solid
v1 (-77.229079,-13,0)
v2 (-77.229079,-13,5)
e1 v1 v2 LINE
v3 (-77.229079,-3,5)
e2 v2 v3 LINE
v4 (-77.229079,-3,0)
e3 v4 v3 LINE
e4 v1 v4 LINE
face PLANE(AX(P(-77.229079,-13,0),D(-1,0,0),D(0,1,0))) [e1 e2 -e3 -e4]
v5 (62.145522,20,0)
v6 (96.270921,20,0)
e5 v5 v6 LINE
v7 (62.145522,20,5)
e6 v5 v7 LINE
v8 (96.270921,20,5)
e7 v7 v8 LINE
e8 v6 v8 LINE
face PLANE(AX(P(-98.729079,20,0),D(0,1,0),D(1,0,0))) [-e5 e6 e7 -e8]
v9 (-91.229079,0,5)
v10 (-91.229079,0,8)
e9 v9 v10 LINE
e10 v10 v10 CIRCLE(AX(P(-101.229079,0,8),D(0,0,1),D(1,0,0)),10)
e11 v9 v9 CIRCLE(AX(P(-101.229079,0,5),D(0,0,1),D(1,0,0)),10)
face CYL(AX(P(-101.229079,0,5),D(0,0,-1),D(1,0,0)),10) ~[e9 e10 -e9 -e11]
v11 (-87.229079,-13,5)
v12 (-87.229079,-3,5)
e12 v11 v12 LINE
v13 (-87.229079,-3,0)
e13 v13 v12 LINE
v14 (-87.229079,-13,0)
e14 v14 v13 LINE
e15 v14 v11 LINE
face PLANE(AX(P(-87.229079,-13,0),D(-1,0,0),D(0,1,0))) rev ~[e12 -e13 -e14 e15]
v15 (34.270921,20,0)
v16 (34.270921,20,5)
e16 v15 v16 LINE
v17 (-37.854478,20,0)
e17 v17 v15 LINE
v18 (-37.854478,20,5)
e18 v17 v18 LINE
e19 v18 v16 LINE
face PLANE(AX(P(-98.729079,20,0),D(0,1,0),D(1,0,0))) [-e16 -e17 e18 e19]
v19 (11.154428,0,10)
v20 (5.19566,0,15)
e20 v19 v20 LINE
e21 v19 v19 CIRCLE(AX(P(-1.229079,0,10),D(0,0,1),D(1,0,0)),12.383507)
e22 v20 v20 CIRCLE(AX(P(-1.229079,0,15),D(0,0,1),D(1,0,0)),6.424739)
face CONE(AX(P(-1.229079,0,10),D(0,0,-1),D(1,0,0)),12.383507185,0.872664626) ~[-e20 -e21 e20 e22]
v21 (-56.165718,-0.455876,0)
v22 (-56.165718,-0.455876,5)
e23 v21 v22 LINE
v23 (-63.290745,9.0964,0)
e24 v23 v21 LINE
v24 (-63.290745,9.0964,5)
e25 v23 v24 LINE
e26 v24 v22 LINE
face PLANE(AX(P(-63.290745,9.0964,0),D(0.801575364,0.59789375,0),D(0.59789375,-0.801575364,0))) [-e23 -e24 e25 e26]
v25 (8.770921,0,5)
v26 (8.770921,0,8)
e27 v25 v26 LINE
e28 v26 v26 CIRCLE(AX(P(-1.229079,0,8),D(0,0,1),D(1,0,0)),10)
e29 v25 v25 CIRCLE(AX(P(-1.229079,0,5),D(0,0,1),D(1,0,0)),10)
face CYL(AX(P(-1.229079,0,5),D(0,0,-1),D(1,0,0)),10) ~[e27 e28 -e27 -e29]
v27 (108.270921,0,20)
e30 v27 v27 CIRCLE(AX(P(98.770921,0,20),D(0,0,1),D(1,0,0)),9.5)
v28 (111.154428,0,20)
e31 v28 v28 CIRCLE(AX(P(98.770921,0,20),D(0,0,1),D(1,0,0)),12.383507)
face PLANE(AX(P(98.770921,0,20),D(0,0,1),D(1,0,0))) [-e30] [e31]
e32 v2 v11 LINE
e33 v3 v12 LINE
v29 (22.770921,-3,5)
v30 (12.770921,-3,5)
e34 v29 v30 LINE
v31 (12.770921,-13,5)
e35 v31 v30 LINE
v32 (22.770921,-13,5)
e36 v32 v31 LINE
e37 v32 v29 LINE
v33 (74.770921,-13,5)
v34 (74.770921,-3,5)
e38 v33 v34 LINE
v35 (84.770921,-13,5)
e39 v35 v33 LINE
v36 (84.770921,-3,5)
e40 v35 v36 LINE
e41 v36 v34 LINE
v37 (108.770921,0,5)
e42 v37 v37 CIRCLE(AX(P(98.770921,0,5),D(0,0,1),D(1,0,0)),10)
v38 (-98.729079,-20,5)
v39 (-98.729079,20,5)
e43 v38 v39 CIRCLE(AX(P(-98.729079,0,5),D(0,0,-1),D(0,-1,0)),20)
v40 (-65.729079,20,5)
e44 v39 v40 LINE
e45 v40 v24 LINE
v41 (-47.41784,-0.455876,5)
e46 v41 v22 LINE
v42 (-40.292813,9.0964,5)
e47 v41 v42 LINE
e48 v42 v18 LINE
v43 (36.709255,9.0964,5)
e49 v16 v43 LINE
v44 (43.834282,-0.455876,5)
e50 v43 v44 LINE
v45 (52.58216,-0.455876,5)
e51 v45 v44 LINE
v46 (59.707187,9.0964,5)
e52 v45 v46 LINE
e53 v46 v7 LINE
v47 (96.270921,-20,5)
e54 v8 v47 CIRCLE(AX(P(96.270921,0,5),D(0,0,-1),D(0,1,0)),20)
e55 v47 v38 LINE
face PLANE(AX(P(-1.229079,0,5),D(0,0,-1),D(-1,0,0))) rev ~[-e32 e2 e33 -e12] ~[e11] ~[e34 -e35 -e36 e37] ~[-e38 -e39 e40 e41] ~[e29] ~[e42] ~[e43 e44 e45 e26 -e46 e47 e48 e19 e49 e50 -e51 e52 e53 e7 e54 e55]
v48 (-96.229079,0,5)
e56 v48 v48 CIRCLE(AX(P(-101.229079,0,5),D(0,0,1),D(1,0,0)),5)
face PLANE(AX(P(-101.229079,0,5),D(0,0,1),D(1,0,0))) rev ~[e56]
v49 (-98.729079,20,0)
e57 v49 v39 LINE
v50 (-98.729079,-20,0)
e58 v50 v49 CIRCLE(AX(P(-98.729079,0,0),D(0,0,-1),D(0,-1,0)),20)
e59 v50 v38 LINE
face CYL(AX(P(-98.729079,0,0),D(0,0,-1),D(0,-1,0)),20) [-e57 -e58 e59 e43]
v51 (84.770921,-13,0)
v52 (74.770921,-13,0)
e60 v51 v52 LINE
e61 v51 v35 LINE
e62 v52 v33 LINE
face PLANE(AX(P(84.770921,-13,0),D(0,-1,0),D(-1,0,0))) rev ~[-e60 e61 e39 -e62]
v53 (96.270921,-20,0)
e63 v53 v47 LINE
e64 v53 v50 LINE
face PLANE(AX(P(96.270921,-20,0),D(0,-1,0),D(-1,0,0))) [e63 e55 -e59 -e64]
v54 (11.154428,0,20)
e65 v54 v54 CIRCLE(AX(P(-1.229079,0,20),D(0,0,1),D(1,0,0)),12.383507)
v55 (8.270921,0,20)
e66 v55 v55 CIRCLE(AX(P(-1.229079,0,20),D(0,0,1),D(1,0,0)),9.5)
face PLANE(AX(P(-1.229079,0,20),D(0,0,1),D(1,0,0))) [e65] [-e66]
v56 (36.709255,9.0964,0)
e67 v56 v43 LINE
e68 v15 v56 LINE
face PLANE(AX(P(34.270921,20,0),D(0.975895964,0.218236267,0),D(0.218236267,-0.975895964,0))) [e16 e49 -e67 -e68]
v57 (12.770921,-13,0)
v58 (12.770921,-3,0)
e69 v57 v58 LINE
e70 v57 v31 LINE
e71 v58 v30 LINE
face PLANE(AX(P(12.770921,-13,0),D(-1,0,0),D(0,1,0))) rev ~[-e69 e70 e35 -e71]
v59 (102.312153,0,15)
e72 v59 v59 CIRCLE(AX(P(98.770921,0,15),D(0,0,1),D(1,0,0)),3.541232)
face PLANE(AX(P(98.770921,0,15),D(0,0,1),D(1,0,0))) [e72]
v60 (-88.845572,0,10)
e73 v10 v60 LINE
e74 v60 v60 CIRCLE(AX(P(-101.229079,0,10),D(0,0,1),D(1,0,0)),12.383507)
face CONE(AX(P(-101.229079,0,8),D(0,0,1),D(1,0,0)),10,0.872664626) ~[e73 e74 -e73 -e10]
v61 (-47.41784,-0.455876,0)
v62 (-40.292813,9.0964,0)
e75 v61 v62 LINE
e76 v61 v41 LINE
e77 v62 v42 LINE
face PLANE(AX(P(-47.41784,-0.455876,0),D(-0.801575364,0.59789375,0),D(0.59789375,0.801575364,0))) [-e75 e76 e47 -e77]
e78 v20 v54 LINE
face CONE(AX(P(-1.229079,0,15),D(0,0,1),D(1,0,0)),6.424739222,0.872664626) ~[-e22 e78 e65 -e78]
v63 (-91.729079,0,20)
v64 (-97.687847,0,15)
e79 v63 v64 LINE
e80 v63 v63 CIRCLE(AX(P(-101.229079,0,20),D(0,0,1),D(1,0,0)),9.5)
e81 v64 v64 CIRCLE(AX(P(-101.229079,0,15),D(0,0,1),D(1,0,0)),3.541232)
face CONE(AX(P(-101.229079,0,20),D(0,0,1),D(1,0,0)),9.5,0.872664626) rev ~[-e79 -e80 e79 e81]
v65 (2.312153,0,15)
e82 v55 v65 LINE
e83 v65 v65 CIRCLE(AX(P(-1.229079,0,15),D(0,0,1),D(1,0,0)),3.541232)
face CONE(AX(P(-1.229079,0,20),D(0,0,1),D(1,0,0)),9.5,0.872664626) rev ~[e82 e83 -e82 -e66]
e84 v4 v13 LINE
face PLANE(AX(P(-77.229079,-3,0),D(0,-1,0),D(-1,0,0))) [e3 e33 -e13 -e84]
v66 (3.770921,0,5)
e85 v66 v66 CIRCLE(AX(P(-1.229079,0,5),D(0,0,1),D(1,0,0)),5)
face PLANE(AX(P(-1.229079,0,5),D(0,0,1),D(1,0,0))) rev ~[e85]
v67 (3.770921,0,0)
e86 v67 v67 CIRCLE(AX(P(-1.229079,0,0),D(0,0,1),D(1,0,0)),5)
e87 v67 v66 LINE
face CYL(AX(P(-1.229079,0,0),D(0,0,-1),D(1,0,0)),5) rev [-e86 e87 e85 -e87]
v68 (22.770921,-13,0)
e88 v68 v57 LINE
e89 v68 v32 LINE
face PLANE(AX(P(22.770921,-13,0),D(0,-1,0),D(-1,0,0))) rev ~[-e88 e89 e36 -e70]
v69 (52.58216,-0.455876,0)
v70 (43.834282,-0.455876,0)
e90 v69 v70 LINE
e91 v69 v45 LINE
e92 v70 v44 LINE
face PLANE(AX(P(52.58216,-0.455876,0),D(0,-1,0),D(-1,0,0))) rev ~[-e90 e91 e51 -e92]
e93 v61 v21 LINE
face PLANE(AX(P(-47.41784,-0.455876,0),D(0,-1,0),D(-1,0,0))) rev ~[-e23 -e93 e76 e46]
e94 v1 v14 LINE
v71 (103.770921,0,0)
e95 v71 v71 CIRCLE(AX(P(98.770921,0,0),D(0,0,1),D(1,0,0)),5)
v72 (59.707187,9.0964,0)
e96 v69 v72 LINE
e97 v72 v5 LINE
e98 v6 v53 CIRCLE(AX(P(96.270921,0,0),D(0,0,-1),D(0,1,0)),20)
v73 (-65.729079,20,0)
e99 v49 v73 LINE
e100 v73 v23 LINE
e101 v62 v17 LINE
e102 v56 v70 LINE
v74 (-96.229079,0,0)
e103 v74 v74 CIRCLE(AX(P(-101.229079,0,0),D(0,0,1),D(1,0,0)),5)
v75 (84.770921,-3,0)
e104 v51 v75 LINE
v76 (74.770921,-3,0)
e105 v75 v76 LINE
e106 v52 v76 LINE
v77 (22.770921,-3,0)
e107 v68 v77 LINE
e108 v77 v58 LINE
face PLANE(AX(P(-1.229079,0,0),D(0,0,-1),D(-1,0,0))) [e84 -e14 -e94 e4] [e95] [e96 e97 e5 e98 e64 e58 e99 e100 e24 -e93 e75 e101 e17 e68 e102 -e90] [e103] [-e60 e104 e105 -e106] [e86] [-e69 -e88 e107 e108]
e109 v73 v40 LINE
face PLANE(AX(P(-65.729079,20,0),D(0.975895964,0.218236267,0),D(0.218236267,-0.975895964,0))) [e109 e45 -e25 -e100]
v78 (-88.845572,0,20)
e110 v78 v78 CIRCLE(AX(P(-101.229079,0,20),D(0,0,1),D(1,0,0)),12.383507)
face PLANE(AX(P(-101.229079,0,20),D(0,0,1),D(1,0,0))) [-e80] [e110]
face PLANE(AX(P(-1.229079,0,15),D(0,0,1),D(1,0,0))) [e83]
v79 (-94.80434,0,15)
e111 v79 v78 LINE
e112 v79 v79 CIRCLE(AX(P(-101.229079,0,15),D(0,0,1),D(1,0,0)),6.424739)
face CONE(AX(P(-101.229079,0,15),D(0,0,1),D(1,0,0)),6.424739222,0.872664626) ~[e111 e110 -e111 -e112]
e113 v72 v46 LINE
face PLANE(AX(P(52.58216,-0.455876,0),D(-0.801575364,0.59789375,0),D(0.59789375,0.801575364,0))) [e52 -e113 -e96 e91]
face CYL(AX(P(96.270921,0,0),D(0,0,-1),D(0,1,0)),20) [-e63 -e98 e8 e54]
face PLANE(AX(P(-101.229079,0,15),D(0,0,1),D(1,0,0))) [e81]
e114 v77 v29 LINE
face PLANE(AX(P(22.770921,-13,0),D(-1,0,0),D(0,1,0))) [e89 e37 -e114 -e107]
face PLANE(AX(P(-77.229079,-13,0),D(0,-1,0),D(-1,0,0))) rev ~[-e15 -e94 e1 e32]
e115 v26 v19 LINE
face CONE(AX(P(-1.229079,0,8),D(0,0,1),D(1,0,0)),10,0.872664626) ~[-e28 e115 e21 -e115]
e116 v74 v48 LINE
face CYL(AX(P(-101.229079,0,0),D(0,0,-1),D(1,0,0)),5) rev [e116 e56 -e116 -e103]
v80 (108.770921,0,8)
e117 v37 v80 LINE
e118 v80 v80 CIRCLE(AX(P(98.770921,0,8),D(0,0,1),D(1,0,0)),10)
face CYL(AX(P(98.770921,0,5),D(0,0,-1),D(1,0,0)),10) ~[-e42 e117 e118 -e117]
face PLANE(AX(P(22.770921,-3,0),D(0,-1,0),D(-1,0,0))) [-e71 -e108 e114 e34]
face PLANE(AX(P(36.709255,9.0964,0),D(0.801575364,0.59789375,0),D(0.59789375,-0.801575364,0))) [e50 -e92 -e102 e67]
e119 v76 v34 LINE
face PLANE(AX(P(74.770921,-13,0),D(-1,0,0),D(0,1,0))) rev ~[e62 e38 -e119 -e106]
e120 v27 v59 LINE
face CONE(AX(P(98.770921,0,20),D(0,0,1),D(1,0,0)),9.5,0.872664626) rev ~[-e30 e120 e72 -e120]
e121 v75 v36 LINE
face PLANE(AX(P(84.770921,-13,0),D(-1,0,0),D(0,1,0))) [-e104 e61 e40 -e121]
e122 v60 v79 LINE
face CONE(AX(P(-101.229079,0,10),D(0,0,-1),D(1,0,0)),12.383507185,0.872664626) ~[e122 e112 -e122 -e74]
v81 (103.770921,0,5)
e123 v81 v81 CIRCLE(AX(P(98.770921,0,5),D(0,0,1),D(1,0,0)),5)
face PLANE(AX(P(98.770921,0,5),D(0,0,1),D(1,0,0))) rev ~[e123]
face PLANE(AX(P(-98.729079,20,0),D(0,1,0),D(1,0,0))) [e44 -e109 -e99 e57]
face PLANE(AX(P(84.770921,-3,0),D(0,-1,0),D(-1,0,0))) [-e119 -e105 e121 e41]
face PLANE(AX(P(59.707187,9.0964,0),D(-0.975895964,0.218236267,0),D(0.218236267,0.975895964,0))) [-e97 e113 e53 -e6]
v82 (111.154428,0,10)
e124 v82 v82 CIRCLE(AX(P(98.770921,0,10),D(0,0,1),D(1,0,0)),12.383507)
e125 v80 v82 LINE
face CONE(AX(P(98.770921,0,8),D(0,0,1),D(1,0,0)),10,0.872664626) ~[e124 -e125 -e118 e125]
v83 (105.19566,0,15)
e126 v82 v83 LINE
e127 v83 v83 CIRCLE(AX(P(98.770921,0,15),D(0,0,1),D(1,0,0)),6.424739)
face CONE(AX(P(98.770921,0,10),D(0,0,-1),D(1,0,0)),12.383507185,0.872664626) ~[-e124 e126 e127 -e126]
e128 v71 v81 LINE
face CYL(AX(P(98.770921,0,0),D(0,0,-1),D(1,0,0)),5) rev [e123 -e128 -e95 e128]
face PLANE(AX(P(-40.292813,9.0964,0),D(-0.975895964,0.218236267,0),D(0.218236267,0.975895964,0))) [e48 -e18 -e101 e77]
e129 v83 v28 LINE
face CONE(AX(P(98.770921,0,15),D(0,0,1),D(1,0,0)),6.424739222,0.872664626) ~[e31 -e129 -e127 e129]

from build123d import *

# Parameters (mm, degrees)
ESQUISSE1_R                       = 5
BOSS_EXTRU_1_DEPTH                = 5
ESQUISSE2_R                       = 10
BOSS_EXTRU_2_DEPTH                = 3
ESQUISSE3_R                       = 10
BOSS_EXTRU_3_DEPTH                = 2
BOSS_EXTRU_3_DRAFT                = -50
BOSS_EXTRU_3_PROFILE_2_DEPTH      = 2
BOSS_EXTRU_3_PROFILE_2_DRAFT      = -50
BOSS_EXTRU_3_PROFILE_3_DEPTH      = 2
BOSS_EXTRU_3_PROFILE_3_DRAFT      = -50
ESQUISSE4_R                       = 12.383507185
BOSS_EXTRU_4_DEPTH                = 5
BOSS_EXTRU_4_DRAFT                = 50
BOSS_EXTRU_4_PROFILE_2_DEPTH      = 5
BOSS_EXTRU_4_PROFILE_2_DRAFT      = 50
BOSS_EXTRU_4_PROFILE_3_DEPTH      = 5
BOSS_EXTRU_4_PROFILE_3_DRAFT      = 50
ESQUISSE5_R                       = 6.424739222
BOSS_EXTRU_5_DEPTH                = 5
BOSS_EXTRU_5_DRAFT                = -50
BOSS_EXTRU_5_PROFILE_2_DEPTH      = 5
BOSS_EXTRU_5_PROFILE_2_DRAFT      = -50
BOSS_EXTRU_5_PROFILE_3_DEPTH      = 5
BOSS_EXTRU_5_PROFILE_3_DRAFT      = -50
ESQUISSE6_R                       = 9.5
ENL_V_MAT_EXTRU_1_DEPTH           = 5
ENL_V_MAT_EXTRU_1_DRAFT           = -50
ENL_V_MAT_EXTRU_1_PROFILE_2_DEPTH = 5
ENL_V_MAT_EXTRU_1_PROFILE_2_DRAFT = -50
ENL_V_MAT_EXTRU_1_PROFILE_3_DEPTH = 5
ENL_V_MAT_EXTRU_1_PROFILE_3_DRAFT = -50
ESQUISSE7_W                       = 10
ESQUISSE7_H                       = 10
ENL_V_MAT_EXTRU_2_DEPTH           = 10


with BuildPart() as part:
    # Esquisse1 → Boss.-Extru.1 (new body)
    with BuildSketch(Plane.XY):
        with BuildLine():
            Line((-98.729079498, 20), (96.270920502, 20))
            ThreePointArc((96.270920502, 20), (116.270920502, 0), (96.270920502, -20))
            Line((96.270920502, -20), (-98.729079498, -20))
            ThreePointArc((-98.729079498, -20), (-118.729079498, 0), (-98.729079498, 20))
        make_face()
        with Locations((-101.229079498, 0)):
            Circle(ESQUISSE1_R, mode=Mode.SUBTRACT)
        with Locations((-1.229079498, 0)):
            Circle(ESQUISSE1_R, mode=Mode.SUBTRACT)
        with Locations((98.770920502, 0)):
            Circle(ESQUISSE1_R, mode=Mode.SUBTRACT)
    extrude(amount=BOSS_EXTRU_1_DEPTH)

    # Esquisse2 → Boss.-Extru.2 (add)
    with BuildSketch(Plane.XY.offset(5)):
        with Locations((-101.229079498, 0)):
            Circle(ESQUISSE2_R)
        with Locations((-1.229079498, 0)):
            Circle(ESQUISSE2_R)
        with Locations((98.770920502, 0)):
            Circle(ESQUISSE2_R)
    extrude(amount=BOSS_EXTRU_2_DEPTH)


with BuildPart() as boss_extru_3_tool:
    # Esquisse3 → Boss.-Extru.3 (with draft: the straight prism first)
    with BuildSketch(Plane.XY.offset(8)):
        with Locations((-101.229079498, 0)):
            Circle(ESQUISSE3_R)
    extrude(amount=BOSS_EXTRU_3_DEPTH)
    # Boss.-Extru.3: the draft: its side faces are tilted about the plane it starts from
    boss_extru_3_sides = [boss_extru_3_tool.faces().sort_by_distance(p)[0] for p in [
        (-111.229079498, 0, 9),
    ]]
    draft(boss_extru_3_sides, Plane.XY.offset(8), BOSS_EXTRU_3_DRAFT)


with BuildPart() as part_1:
    add(part.part)

    # Boss.-Extru.3: add boss_extru_3_tool
    add(boss_extru_3_tool.part)


with BuildPart() as boss_extru_3_profile_2_tool:
    # Esquisse3 → Boss.-Extru.3 profile 2 (with draft: the straight prism first)
    with BuildSketch(Plane.XY.offset(8)):
        with Locations((-1.229079498, 0)):
            Circle(ESQUISSE3_R)
    extrude(amount=BOSS_EXTRU_3_PROFILE_2_DEPTH)
    # Boss.-Extru.3 profile 2: the draft: its side faces are tilted about the plane it starts from
    boss_extru_3_profile_2_sides = [boss_extru_3_profile_2_tool.faces().sort_by_distance(p)[0] for p in [
        (-11.229079498, 0, 9),
    ]]
    draft(boss_extru_3_profile_2_sides, Plane.XY.offset(8), BOSS_EXTRU_3_PROFILE_2_DRAFT)


with BuildPart() as part_2:
    add(part_1.part)

    # Boss.-Extru.3 profile 2: add boss_extru_3_profile_2_tool
    add(boss_extru_3_profile_2_tool.part)


with BuildPart() as boss_extru_3_profile_3_tool:
    # Esquisse3 → Boss.-Extru.3 profile 3 (with draft: the straight prism first)
    with BuildSketch(Plane.XY.offset(8)):
        with Locations((98.770920502, 0)):
            Circle(ESQUISSE3_R)
    extrude(amount=BOSS_EXTRU_3_PROFILE_3_DEPTH)
    # Boss.-Extru.3 profile 3: the draft: its side faces are tilted about the plane it starts from
    boss_extru_3_profile_3_sides = [boss_extru_3_profile_3_tool.faces().sort_by_distance(p)[0] for p in [
        (88.770920502, 0, 9),
    ]]
    draft(boss_extru_3_profile_3_sides, Plane.XY.offset(8), BOSS_EXTRU_3_PROFILE_3_DRAFT)


with BuildPart() as part_3:
    add(part_2.part)

    # Boss.-Extru.3 profile 3: add boss_extru_3_profile_3_tool
    add(boss_extru_3_profile_3_tool.part)


with BuildPart() as boss_extru_4_tool:
    # Esquisse4 → Boss.-Extru.4 (with draft: the straight prism first)
    with BuildSketch(Plane.XY.offset(10)):
        with Locations((-101.229079498, 0)):
            Circle(ESQUISSE4_R)
    extrude(amount=BOSS_EXTRU_4_DEPTH)
    # Boss.-Extru.4: the draft: its side faces are tilted about the plane it starts from
    boss_extru_4_sides = [boss_extru_4_tool.faces().sort_by_distance(p)[0] for p in [
        (-113.612586683, 0, 12.5),
    ]]
    draft(boss_extru_4_sides, Plane.XY.offset(10), BOSS_EXTRU_4_DRAFT)


with BuildPart() as part_4:
    add(part_3.part)

    # Boss.-Extru.4: add boss_extru_4_tool
    add(boss_extru_4_tool.part)


with BuildPart() as boss_extru_4_profile_2_tool:
    # Esquisse4 → Boss.-Extru.4 profile 2 (with draft: the straight prism first)
    with BuildSketch(Plane.XY.offset(10)):
        with Locations((-1.229079498, 0)):
            Circle(ESQUISSE4_R)
    extrude(amount=BOSS_EXTRU_4_PROFILE_2_DEPTH)
    # Boss.-Extru.4 profile 2: the draft: its side faces are tilted about the plane it starts from
    boss_extru_4_profile_2_sides = [boss_extru_4_profile_2_tool.faces().sort_by_distance(p)[0] for p in [
        (-13.612586683, 0, 12.5),
    ]]
    draft(boss_extru_4_profile_2_sides, Plane.XY.offset(10), BOSS_EXTRU_4_PROFILE_2_DRAFT)


with BuildPart() as part_5:
    add(part_4.part)

    # Boss.-Extru.4 profile 2: add boss_extru_4_profile_2_tool
    add(boss_extru_4_profile_2_tool.part)


with BuildPart() as boss_extru_4_profile_3_tool:
    # Esquisse4 → Boss.-Extru.4 profile 3 (with draft: the straight prism first)
    with BuildSketch(Plane.XY.offset(10)):
        with Locations((98.770920502, 0)):
            Circle(ESQUISSE4_R)
    extrude(amount=BOSS_EXTRU_4_PROFILE_3_DEPTH)
    # Boss.-Extru.4 profile 3: the draft: its side faces are tilted about the plane it starts from
    boss_extru_4_profile_3_sides = [boss_extru_4_profile_3_tool.faces().sort_by_distance(p)[0] for p in [
        (86.387413317, 0, 12.5),
    ]]
    draft(boss_extru_4_profile_3_sides, Plane.XY.offset(10), BOSS_EXTRU_4_PROFILE_3_DRAFT)


with BuildPart() as part_6:
    add(part_5.part)

    # Boss.-Extru.4 profile 3: add boss_extru_4_profile_3_tool
    add(boss_extru_4_profile_3_tool.part)


with BuildPart() as boss_extru_5_tool:
    # Esquisse5 → Boss.-Extru.5 (with draft: the straight prism first)
    with BuildSketch(Plane.XY.offset(15)):
        with Locations((-101.229079498, 0)):
            Circle(ESQUISSE5_R)
    extrude(amount=BOSS_EXTRU_5_DEPTH)
    # Boss.-Extru.5: the draft: its side faces are tilted about the plane it starts from
    boss_extru_5_sides = [boss_extru_5_tool.faces().sort_by_distance(p)[0] for p in [
        (-107.65381872, 0, 17.5),
    ]]
    draft(boss_extru_5_sides, Plane.XY.offset(15), BOSS_EXTRU_5_DRAFT)


with BuildPart() as part_7:
    add(part_6.part)

    # Boss.-Extru.5: add boss_extru_5_tool
    add(boss_extru_5_tool.part)


with BuildPart() as boss_extru_5_profile_2_tool:
    # Esquisse5 → Boss.-Extru.5 profile 2 (with draft: the straight prism first)
    with BuildSketch(Plane.XY.offset(15)):
        with Locations((-1.229079498, 0)):
            Circle(ESQUISSE5_R)
    extrude(amount=BOSS_EXTRU_5_PROFILE_2_DEPTH)
    # Boss.-Extru.5 profile 2: the draft: its side faces are tilted about the plane it starts from
    boss_extru_5_profile_2_sides = [boss_extru_5_profile_2_tool.faces().sort_by_distance(p)[0] for p in [
        (-7.65381872, 0, 17.5),
    ]]
    draft(boss_extru_5_profile_2_sides, Plane.XY.offset(15), BOSS_EXTRU_5_PROFILE_2_DRAFT)


with BuildPart() as part_8:
    add(part_7.part)

    # Boss.-Extru.5 profile 2: add boss_extru_5_profile_2_tool
    add(boss_extru_5_profile_2_tool.part)


with BuildPart() as boss_extru_5_profile_3_tool:
    # Esquisse5 → Boss.-Extru.5 profile 3 (with draft: the straight prism first)
    with BuildSketch(Plane.XY.offset(15)):
        with Locations((98.770920502, 0)):
            Circle(ESQUISSE5_R)
    extrude(amount=BOSS_EXTRU_5_PROFILE_3_DEPTH)
    # Boss.-Extru.5 profile 3: the draft: its side faces are tilted about the plane it starts from
    boss_extru_5_profile_3_sides = [boss_extru_5_profile_3_tool.faces().sort_by_distance(p)[0] for p in [
        (92.34618128, 0, 17.5),
    ]]
    draft(boss_extru_5_profile_3_sides, Plane.XY.offset(15), BOSS_EXTRU_5_PROFILE_3_DRAFT)


with BuildPart() as part_9:
    add(part_8.part)

    # Boss.-Extru.5 profile 3: add boss_extru_5_profile_3_tool
    add(boss_extru_5_profile_3_tool.part)


with BuildPart() as enl_v_mat_extru_1_tool:
    # Esquisse6 → Enlèv. mat.-Extru.1 (with draft: the straight prism first)
    with BuildSketch(Plane.XY.offset(20)):
        with Locations((-101.229079498, 0)):
            Circle(ESQUISSE6_R)
    extrude(amount=-ENL_V_MAT_EXTRU_1_DEPTH)
    # Enlèv. mat.-Extru.1: the draft: its side faces are tilted about the plane it starts from
    enl_v_mat_extru_1_sides = [enl_v_mat_extru_1_tool.faces().sort_by_distance(p)[0] for p in [
        (-110.729079498, 0, 17.5),
    ]]
    draft(enl_v_mat_extru_1_sides, Plane.XY.offset(20), ENL_V_MAT_EXTRU_1_DRAFT)


with BuildPart() as part_10:
    add(part_9.part)

    # Enlèv. mat.-Extru.1: cut by enl_v_mat_extru_1_tool
    add(enl_v_mat_extru_1_tool.part, mode=Mode.SUBTRACT)


with BuildPart() as enl_v_mat_extru_1_profile_2_tool:
    # Esquisse6 → Enlèv. mat.-Extru.1 profile 2 (with draft: the straight prism first)
    with BuildSketch(Plane.XY.offset(20)):
        with Locations((-1.229079498, 0)):
            Circle(ESQUISSE6_R)
    extrude(amount=-ENL_V_MAT_EXTRU_1_PROFILE_2_DEPTH)
    # Enlèv. mat.-Extru.1 profile 2: the draft: its side faces are tilted about the plane it starts from
    enl_v_mat_extru_1_profile_2_sides = [enl_v_mat_extru_1_profile_2_tool.faces().sort_by_distance(p)[0] for p in [
        (-10.729079498, 0, 17.5),
    ]]
    draft(enl_v_mat_extru_1_profile_2_sides, Plane.XY.offset(20), ENL_V_MAT_EXTRU_1_PROFILE_2_DRAFT)


with BuildPart() as part_11:
    add(part_10.part)

    # Enlèv. mat.-Extru.1 profile 2: cut by enl_v_mat_extru_1_profile_2_tool
    add(enl_v_mat_extru_1_profile_2_tool.part, mode=Mode.SUBTRACT)


with BuildPart() as enl_v_mat_extru_1_profile_3_tool:
    # Esquisse6 → Enlèv. mat.-Extru.1 profile 3 (with draft: the straight prism first)
    with BuildSketch(Plane.XY.offset(20)):
        with Locations((98.770920502, 0)):
            Circle(ESQUISSE6_R)
    extrude(amount=-ENL_V_MAT_EXTRU_1_PROFILE_3_DEPTH)
    # Enlèv. mat.-Extru.1 profile 3: the draft: its side faces are tilted about the plane it starts from
    enl_v_mat_extru_1_profile_3_sides = [enl_v_mat_extru_1_profile_3_tool.faces().sort_by_distance(p)[0] for p in [
        (89.270920502, 0, 17.5),
    ]]
    draft(enl_v_mat_extru_1_profile_3_sides, Plane.XY.offset(20), ENL_V_MAT_EXTRU_1_PROFILE_3_DRAFT)


with BuildPart() as part_12:
    add(part_11.part)

    # Enlèv. mat.-Extru.1 profile 3: cut by enl_v_mat_extru_1_profile_3_tool
    add(enl_v_mat_extru_1_profile_3_tool.part, mode=Mode.SUBTRACT)

    # Esquisse7 → Enlèv. mat.-Extru.2 (cut)
    with BuildSketch(Plane(origin=(0, 0, 0), x_dir=(-1, 0, 0), z_dir=(0, 0, -1))):
        with Locations((-79.770920502, -8)):
            Rectangle(ESQUISSE7_W, ESQUISSE7_H)
        Polygon((65.729079498, 20), (63.290744845, 9.096400069), (56.165717759, -0.455876038), (51.791778882, -0.455876038), (47.417840004, -0.455876038), (40.292812918, 9.096400069), (37.854478265, 20), align=None)
        with Locations((-17.770920502, -8)):
            Rectangle(ESQUISSE7_W, ESQUISSE7_H)
        with Locations((82.229079498, -8)):
            Rectangle(ESQUISSE7_W, ESQUISSE7_H)
        Polygon((-36.709255155, 9.096400069), (-43.834282241, -0.455876038), (-48.208221118, -0.455876038), (-52.582159996, -0.455876038), (-59.707187082, 9.096400069), (-62.145521735, 20), (-34.270920502, 20), align=None)
    extrude(amount=-ENL_V_MAT_EXTRU_2_DEPTH, mode=Mode.SUBTRACT)


solid = part_12.part
